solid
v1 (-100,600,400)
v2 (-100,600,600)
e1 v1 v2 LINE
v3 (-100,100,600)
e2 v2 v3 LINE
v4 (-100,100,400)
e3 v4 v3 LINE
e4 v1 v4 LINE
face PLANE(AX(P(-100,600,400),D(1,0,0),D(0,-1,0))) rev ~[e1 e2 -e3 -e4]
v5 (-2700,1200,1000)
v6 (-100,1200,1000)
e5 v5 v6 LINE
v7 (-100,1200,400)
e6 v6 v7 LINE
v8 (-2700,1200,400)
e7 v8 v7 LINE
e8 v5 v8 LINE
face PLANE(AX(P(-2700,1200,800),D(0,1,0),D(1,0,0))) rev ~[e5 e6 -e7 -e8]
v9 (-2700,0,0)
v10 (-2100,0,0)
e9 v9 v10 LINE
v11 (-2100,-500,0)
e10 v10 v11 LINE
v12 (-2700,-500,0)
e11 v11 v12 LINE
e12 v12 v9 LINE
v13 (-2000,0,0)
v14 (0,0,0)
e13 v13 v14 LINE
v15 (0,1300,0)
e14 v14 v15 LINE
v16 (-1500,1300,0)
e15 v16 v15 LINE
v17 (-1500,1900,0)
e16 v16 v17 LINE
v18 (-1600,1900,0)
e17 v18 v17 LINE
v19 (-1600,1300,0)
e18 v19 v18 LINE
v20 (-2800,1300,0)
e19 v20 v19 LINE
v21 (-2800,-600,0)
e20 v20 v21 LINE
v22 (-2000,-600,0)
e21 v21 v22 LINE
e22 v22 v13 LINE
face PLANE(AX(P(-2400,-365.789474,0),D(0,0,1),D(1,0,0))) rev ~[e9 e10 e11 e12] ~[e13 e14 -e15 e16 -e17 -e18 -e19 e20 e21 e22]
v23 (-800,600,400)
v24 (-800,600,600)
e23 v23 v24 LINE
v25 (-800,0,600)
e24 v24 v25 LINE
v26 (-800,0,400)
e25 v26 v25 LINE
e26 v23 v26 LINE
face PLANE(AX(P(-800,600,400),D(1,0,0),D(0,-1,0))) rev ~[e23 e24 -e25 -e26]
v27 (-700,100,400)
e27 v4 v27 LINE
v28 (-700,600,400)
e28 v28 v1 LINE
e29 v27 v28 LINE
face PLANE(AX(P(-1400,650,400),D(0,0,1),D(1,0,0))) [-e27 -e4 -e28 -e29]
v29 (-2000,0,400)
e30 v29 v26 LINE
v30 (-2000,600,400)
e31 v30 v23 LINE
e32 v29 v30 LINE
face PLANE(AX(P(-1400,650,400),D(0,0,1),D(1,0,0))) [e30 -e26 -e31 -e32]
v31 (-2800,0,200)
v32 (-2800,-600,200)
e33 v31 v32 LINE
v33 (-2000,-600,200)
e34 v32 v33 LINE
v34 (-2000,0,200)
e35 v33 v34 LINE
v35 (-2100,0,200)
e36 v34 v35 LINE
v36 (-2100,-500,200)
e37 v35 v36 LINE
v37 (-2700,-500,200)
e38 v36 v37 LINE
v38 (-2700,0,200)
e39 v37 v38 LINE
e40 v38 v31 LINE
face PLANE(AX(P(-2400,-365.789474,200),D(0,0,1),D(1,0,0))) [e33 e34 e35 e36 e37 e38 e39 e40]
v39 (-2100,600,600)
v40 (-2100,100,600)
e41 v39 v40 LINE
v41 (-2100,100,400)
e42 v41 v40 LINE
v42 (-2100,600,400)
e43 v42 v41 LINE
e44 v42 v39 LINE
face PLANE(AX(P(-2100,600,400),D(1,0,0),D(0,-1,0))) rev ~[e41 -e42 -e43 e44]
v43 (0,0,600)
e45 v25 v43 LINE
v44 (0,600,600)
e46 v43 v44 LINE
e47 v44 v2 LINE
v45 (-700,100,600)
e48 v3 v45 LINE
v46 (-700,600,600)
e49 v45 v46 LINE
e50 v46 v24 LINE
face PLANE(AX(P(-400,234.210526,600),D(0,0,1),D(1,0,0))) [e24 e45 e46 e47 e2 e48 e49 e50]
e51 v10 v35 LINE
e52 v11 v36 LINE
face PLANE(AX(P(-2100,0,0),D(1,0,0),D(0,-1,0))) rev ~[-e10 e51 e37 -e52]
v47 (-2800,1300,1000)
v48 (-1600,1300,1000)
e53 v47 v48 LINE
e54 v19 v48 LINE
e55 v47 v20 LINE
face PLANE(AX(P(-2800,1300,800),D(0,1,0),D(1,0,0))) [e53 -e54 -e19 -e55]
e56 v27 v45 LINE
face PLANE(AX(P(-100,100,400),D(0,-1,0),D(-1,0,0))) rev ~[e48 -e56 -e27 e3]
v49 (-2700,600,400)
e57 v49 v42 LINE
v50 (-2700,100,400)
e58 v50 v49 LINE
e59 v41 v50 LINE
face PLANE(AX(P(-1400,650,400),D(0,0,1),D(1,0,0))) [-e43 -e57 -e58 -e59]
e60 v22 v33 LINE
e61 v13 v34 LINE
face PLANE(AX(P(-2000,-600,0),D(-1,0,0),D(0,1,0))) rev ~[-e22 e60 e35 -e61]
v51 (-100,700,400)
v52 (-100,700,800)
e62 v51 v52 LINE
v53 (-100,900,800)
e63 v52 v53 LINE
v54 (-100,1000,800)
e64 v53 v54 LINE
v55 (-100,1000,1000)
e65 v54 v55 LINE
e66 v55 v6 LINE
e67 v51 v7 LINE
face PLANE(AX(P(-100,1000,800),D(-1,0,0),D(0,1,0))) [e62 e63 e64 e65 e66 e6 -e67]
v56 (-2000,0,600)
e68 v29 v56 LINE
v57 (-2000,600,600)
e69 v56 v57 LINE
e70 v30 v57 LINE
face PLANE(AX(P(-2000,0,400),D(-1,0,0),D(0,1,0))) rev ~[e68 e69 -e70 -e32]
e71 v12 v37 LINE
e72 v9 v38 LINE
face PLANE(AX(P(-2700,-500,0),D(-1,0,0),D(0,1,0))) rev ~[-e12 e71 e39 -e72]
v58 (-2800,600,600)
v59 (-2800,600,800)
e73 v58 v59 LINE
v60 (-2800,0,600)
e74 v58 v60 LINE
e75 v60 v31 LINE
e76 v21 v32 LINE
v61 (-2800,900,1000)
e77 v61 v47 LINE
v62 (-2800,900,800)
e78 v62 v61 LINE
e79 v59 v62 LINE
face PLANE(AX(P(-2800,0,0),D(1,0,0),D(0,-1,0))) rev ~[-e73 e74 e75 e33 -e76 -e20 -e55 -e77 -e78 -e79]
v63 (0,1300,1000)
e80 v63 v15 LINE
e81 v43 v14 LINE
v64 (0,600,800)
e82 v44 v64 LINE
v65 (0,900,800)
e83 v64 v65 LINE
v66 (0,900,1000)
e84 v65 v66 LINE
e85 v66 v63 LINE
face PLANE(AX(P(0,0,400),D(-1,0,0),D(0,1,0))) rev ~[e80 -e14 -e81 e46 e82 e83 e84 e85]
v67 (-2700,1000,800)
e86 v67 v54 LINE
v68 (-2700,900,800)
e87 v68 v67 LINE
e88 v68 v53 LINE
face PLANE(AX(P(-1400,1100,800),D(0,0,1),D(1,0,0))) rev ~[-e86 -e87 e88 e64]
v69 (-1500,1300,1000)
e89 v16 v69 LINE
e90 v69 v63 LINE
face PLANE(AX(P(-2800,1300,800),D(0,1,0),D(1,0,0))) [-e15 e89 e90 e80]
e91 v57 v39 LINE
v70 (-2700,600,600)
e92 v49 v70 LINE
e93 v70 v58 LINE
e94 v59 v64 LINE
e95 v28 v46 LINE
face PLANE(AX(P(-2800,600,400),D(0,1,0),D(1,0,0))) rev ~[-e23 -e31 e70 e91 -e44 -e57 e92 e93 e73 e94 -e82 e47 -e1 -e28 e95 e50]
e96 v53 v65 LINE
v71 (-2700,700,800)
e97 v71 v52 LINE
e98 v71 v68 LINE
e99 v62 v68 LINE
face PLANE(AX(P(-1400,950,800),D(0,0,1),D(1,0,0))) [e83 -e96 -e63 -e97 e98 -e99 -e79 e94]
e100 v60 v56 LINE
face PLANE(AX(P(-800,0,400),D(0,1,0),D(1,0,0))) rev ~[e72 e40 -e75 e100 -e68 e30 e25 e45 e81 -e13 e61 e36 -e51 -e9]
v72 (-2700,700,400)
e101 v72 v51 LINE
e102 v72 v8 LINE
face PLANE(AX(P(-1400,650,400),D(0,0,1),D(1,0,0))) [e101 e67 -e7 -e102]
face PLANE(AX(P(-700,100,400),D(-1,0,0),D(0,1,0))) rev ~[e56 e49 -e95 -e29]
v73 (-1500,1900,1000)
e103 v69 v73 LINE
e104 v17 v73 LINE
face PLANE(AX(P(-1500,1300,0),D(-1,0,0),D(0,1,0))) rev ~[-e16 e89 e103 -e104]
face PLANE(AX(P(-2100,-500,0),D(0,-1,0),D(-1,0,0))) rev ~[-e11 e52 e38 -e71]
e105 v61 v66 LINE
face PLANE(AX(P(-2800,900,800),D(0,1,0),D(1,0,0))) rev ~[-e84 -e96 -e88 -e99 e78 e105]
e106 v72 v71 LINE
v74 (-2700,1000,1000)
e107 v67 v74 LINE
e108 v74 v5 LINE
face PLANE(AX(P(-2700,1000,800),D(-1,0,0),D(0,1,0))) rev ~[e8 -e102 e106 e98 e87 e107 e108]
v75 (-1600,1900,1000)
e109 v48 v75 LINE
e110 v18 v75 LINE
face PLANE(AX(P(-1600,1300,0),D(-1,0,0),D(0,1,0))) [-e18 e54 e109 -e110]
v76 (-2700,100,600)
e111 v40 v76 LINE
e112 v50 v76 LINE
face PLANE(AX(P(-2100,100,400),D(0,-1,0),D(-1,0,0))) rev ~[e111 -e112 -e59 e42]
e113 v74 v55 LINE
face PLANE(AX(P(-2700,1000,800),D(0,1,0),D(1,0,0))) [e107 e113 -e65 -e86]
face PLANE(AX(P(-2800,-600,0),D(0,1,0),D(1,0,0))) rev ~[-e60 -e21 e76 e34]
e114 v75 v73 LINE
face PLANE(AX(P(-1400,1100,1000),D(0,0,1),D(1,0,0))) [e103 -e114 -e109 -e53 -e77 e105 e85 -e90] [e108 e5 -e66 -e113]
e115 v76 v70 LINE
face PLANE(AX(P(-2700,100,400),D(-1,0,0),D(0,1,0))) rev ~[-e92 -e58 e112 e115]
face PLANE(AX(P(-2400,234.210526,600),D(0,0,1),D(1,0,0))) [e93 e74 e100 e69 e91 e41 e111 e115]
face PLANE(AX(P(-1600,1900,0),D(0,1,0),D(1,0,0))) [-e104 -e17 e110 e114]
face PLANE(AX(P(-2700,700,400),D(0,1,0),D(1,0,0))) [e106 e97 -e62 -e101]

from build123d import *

# Parameters (mm, degrees)
F0_W      = 2800
F0_H      = 1300
F1_DEPTH  = 400
F2_W      = 2800
F2_H      = 700
F2_W_2    = 2600
F2_H_2    = 500
F3_DEPTH  = 400
F4_W      = 2800
F4_H      = 400
F4_W_2    = 2600
F4_H_2    = 200
F5_DEPTH  = 200
F6_W      = 100
F6_H      = 600
F7_DEPTH  = 1000
F9_DEPTH  = 200
F11_DEPTH = 200


with BuildPart() as f1:
    # F0 (on Top) → F1 (new body)
    with BuildSketch(Plane.XY):
        with Locations((-1400, 650)):
            Rectangle(F0_W, F0_H)
    extrude(amount=F1_DEPTH)

    # F2 (on face) → F3 (join)
    with BuildSketch(Plane.XY.offset(400)):
        with Locations((-1400, 950)):
            Rectangle(F2_W, F2_H)
        with Locations((-1400, 950)):
            Rectangle(F2_W_2, F2_H_2, mode=Mode.SUBTRACT)
    extrude(amount=F3_DEPTH)

    # F4 (on face) → F5 (join)
    with BuildSketch(Plane.XY.offset(800)):
        with Locations((-1400, 1100)):
            Rectangle(F4_W, F4_H)
        with Locations((-1400, 1100)):
            Rectangle(F4_W_2, F4_H_2, mode=Mode.SUBTRACT)
    extrude(amount=F5_DEPTH)

    # F6 (on Top) → F7 (join)
    with BuildSketch(Plane.XY):
        with Locations((-1550, 1600)):
            Rectangle(F6_W, F6_H)
    extrude(amount=F7_DEPTH)

    # F8 (on face) → F9 (join)
    with BuildSketch(Plane.XY.offset(400)):
        Polygon((0, 0), (0, 600), (-100, 600), (-100, 100), (-700, 100), (-700, 600), (-800, 600), (-800, 0), align=None)
        Polygon((-2800, 600), (-2800, 0), (-2000, 0), (-2000, 600), (-2100, 600), (-2100, 100), (-2700, 100), (-2700, 600), align=None)
    extrude(amount=F9_DEPTH)

    # F10 (on Top) → F11 (join)
    with BuildSketch(Plane.XY):
        Polygon((-2700, 0), (-2800, 0), (-2800, -600), (-2000, -600), (-2000, 0), (-2100, 0), (-2100, -500), (-2700, -500), align=None)
    extrude(amount=F11_DEPTH)


solid = f1.part
